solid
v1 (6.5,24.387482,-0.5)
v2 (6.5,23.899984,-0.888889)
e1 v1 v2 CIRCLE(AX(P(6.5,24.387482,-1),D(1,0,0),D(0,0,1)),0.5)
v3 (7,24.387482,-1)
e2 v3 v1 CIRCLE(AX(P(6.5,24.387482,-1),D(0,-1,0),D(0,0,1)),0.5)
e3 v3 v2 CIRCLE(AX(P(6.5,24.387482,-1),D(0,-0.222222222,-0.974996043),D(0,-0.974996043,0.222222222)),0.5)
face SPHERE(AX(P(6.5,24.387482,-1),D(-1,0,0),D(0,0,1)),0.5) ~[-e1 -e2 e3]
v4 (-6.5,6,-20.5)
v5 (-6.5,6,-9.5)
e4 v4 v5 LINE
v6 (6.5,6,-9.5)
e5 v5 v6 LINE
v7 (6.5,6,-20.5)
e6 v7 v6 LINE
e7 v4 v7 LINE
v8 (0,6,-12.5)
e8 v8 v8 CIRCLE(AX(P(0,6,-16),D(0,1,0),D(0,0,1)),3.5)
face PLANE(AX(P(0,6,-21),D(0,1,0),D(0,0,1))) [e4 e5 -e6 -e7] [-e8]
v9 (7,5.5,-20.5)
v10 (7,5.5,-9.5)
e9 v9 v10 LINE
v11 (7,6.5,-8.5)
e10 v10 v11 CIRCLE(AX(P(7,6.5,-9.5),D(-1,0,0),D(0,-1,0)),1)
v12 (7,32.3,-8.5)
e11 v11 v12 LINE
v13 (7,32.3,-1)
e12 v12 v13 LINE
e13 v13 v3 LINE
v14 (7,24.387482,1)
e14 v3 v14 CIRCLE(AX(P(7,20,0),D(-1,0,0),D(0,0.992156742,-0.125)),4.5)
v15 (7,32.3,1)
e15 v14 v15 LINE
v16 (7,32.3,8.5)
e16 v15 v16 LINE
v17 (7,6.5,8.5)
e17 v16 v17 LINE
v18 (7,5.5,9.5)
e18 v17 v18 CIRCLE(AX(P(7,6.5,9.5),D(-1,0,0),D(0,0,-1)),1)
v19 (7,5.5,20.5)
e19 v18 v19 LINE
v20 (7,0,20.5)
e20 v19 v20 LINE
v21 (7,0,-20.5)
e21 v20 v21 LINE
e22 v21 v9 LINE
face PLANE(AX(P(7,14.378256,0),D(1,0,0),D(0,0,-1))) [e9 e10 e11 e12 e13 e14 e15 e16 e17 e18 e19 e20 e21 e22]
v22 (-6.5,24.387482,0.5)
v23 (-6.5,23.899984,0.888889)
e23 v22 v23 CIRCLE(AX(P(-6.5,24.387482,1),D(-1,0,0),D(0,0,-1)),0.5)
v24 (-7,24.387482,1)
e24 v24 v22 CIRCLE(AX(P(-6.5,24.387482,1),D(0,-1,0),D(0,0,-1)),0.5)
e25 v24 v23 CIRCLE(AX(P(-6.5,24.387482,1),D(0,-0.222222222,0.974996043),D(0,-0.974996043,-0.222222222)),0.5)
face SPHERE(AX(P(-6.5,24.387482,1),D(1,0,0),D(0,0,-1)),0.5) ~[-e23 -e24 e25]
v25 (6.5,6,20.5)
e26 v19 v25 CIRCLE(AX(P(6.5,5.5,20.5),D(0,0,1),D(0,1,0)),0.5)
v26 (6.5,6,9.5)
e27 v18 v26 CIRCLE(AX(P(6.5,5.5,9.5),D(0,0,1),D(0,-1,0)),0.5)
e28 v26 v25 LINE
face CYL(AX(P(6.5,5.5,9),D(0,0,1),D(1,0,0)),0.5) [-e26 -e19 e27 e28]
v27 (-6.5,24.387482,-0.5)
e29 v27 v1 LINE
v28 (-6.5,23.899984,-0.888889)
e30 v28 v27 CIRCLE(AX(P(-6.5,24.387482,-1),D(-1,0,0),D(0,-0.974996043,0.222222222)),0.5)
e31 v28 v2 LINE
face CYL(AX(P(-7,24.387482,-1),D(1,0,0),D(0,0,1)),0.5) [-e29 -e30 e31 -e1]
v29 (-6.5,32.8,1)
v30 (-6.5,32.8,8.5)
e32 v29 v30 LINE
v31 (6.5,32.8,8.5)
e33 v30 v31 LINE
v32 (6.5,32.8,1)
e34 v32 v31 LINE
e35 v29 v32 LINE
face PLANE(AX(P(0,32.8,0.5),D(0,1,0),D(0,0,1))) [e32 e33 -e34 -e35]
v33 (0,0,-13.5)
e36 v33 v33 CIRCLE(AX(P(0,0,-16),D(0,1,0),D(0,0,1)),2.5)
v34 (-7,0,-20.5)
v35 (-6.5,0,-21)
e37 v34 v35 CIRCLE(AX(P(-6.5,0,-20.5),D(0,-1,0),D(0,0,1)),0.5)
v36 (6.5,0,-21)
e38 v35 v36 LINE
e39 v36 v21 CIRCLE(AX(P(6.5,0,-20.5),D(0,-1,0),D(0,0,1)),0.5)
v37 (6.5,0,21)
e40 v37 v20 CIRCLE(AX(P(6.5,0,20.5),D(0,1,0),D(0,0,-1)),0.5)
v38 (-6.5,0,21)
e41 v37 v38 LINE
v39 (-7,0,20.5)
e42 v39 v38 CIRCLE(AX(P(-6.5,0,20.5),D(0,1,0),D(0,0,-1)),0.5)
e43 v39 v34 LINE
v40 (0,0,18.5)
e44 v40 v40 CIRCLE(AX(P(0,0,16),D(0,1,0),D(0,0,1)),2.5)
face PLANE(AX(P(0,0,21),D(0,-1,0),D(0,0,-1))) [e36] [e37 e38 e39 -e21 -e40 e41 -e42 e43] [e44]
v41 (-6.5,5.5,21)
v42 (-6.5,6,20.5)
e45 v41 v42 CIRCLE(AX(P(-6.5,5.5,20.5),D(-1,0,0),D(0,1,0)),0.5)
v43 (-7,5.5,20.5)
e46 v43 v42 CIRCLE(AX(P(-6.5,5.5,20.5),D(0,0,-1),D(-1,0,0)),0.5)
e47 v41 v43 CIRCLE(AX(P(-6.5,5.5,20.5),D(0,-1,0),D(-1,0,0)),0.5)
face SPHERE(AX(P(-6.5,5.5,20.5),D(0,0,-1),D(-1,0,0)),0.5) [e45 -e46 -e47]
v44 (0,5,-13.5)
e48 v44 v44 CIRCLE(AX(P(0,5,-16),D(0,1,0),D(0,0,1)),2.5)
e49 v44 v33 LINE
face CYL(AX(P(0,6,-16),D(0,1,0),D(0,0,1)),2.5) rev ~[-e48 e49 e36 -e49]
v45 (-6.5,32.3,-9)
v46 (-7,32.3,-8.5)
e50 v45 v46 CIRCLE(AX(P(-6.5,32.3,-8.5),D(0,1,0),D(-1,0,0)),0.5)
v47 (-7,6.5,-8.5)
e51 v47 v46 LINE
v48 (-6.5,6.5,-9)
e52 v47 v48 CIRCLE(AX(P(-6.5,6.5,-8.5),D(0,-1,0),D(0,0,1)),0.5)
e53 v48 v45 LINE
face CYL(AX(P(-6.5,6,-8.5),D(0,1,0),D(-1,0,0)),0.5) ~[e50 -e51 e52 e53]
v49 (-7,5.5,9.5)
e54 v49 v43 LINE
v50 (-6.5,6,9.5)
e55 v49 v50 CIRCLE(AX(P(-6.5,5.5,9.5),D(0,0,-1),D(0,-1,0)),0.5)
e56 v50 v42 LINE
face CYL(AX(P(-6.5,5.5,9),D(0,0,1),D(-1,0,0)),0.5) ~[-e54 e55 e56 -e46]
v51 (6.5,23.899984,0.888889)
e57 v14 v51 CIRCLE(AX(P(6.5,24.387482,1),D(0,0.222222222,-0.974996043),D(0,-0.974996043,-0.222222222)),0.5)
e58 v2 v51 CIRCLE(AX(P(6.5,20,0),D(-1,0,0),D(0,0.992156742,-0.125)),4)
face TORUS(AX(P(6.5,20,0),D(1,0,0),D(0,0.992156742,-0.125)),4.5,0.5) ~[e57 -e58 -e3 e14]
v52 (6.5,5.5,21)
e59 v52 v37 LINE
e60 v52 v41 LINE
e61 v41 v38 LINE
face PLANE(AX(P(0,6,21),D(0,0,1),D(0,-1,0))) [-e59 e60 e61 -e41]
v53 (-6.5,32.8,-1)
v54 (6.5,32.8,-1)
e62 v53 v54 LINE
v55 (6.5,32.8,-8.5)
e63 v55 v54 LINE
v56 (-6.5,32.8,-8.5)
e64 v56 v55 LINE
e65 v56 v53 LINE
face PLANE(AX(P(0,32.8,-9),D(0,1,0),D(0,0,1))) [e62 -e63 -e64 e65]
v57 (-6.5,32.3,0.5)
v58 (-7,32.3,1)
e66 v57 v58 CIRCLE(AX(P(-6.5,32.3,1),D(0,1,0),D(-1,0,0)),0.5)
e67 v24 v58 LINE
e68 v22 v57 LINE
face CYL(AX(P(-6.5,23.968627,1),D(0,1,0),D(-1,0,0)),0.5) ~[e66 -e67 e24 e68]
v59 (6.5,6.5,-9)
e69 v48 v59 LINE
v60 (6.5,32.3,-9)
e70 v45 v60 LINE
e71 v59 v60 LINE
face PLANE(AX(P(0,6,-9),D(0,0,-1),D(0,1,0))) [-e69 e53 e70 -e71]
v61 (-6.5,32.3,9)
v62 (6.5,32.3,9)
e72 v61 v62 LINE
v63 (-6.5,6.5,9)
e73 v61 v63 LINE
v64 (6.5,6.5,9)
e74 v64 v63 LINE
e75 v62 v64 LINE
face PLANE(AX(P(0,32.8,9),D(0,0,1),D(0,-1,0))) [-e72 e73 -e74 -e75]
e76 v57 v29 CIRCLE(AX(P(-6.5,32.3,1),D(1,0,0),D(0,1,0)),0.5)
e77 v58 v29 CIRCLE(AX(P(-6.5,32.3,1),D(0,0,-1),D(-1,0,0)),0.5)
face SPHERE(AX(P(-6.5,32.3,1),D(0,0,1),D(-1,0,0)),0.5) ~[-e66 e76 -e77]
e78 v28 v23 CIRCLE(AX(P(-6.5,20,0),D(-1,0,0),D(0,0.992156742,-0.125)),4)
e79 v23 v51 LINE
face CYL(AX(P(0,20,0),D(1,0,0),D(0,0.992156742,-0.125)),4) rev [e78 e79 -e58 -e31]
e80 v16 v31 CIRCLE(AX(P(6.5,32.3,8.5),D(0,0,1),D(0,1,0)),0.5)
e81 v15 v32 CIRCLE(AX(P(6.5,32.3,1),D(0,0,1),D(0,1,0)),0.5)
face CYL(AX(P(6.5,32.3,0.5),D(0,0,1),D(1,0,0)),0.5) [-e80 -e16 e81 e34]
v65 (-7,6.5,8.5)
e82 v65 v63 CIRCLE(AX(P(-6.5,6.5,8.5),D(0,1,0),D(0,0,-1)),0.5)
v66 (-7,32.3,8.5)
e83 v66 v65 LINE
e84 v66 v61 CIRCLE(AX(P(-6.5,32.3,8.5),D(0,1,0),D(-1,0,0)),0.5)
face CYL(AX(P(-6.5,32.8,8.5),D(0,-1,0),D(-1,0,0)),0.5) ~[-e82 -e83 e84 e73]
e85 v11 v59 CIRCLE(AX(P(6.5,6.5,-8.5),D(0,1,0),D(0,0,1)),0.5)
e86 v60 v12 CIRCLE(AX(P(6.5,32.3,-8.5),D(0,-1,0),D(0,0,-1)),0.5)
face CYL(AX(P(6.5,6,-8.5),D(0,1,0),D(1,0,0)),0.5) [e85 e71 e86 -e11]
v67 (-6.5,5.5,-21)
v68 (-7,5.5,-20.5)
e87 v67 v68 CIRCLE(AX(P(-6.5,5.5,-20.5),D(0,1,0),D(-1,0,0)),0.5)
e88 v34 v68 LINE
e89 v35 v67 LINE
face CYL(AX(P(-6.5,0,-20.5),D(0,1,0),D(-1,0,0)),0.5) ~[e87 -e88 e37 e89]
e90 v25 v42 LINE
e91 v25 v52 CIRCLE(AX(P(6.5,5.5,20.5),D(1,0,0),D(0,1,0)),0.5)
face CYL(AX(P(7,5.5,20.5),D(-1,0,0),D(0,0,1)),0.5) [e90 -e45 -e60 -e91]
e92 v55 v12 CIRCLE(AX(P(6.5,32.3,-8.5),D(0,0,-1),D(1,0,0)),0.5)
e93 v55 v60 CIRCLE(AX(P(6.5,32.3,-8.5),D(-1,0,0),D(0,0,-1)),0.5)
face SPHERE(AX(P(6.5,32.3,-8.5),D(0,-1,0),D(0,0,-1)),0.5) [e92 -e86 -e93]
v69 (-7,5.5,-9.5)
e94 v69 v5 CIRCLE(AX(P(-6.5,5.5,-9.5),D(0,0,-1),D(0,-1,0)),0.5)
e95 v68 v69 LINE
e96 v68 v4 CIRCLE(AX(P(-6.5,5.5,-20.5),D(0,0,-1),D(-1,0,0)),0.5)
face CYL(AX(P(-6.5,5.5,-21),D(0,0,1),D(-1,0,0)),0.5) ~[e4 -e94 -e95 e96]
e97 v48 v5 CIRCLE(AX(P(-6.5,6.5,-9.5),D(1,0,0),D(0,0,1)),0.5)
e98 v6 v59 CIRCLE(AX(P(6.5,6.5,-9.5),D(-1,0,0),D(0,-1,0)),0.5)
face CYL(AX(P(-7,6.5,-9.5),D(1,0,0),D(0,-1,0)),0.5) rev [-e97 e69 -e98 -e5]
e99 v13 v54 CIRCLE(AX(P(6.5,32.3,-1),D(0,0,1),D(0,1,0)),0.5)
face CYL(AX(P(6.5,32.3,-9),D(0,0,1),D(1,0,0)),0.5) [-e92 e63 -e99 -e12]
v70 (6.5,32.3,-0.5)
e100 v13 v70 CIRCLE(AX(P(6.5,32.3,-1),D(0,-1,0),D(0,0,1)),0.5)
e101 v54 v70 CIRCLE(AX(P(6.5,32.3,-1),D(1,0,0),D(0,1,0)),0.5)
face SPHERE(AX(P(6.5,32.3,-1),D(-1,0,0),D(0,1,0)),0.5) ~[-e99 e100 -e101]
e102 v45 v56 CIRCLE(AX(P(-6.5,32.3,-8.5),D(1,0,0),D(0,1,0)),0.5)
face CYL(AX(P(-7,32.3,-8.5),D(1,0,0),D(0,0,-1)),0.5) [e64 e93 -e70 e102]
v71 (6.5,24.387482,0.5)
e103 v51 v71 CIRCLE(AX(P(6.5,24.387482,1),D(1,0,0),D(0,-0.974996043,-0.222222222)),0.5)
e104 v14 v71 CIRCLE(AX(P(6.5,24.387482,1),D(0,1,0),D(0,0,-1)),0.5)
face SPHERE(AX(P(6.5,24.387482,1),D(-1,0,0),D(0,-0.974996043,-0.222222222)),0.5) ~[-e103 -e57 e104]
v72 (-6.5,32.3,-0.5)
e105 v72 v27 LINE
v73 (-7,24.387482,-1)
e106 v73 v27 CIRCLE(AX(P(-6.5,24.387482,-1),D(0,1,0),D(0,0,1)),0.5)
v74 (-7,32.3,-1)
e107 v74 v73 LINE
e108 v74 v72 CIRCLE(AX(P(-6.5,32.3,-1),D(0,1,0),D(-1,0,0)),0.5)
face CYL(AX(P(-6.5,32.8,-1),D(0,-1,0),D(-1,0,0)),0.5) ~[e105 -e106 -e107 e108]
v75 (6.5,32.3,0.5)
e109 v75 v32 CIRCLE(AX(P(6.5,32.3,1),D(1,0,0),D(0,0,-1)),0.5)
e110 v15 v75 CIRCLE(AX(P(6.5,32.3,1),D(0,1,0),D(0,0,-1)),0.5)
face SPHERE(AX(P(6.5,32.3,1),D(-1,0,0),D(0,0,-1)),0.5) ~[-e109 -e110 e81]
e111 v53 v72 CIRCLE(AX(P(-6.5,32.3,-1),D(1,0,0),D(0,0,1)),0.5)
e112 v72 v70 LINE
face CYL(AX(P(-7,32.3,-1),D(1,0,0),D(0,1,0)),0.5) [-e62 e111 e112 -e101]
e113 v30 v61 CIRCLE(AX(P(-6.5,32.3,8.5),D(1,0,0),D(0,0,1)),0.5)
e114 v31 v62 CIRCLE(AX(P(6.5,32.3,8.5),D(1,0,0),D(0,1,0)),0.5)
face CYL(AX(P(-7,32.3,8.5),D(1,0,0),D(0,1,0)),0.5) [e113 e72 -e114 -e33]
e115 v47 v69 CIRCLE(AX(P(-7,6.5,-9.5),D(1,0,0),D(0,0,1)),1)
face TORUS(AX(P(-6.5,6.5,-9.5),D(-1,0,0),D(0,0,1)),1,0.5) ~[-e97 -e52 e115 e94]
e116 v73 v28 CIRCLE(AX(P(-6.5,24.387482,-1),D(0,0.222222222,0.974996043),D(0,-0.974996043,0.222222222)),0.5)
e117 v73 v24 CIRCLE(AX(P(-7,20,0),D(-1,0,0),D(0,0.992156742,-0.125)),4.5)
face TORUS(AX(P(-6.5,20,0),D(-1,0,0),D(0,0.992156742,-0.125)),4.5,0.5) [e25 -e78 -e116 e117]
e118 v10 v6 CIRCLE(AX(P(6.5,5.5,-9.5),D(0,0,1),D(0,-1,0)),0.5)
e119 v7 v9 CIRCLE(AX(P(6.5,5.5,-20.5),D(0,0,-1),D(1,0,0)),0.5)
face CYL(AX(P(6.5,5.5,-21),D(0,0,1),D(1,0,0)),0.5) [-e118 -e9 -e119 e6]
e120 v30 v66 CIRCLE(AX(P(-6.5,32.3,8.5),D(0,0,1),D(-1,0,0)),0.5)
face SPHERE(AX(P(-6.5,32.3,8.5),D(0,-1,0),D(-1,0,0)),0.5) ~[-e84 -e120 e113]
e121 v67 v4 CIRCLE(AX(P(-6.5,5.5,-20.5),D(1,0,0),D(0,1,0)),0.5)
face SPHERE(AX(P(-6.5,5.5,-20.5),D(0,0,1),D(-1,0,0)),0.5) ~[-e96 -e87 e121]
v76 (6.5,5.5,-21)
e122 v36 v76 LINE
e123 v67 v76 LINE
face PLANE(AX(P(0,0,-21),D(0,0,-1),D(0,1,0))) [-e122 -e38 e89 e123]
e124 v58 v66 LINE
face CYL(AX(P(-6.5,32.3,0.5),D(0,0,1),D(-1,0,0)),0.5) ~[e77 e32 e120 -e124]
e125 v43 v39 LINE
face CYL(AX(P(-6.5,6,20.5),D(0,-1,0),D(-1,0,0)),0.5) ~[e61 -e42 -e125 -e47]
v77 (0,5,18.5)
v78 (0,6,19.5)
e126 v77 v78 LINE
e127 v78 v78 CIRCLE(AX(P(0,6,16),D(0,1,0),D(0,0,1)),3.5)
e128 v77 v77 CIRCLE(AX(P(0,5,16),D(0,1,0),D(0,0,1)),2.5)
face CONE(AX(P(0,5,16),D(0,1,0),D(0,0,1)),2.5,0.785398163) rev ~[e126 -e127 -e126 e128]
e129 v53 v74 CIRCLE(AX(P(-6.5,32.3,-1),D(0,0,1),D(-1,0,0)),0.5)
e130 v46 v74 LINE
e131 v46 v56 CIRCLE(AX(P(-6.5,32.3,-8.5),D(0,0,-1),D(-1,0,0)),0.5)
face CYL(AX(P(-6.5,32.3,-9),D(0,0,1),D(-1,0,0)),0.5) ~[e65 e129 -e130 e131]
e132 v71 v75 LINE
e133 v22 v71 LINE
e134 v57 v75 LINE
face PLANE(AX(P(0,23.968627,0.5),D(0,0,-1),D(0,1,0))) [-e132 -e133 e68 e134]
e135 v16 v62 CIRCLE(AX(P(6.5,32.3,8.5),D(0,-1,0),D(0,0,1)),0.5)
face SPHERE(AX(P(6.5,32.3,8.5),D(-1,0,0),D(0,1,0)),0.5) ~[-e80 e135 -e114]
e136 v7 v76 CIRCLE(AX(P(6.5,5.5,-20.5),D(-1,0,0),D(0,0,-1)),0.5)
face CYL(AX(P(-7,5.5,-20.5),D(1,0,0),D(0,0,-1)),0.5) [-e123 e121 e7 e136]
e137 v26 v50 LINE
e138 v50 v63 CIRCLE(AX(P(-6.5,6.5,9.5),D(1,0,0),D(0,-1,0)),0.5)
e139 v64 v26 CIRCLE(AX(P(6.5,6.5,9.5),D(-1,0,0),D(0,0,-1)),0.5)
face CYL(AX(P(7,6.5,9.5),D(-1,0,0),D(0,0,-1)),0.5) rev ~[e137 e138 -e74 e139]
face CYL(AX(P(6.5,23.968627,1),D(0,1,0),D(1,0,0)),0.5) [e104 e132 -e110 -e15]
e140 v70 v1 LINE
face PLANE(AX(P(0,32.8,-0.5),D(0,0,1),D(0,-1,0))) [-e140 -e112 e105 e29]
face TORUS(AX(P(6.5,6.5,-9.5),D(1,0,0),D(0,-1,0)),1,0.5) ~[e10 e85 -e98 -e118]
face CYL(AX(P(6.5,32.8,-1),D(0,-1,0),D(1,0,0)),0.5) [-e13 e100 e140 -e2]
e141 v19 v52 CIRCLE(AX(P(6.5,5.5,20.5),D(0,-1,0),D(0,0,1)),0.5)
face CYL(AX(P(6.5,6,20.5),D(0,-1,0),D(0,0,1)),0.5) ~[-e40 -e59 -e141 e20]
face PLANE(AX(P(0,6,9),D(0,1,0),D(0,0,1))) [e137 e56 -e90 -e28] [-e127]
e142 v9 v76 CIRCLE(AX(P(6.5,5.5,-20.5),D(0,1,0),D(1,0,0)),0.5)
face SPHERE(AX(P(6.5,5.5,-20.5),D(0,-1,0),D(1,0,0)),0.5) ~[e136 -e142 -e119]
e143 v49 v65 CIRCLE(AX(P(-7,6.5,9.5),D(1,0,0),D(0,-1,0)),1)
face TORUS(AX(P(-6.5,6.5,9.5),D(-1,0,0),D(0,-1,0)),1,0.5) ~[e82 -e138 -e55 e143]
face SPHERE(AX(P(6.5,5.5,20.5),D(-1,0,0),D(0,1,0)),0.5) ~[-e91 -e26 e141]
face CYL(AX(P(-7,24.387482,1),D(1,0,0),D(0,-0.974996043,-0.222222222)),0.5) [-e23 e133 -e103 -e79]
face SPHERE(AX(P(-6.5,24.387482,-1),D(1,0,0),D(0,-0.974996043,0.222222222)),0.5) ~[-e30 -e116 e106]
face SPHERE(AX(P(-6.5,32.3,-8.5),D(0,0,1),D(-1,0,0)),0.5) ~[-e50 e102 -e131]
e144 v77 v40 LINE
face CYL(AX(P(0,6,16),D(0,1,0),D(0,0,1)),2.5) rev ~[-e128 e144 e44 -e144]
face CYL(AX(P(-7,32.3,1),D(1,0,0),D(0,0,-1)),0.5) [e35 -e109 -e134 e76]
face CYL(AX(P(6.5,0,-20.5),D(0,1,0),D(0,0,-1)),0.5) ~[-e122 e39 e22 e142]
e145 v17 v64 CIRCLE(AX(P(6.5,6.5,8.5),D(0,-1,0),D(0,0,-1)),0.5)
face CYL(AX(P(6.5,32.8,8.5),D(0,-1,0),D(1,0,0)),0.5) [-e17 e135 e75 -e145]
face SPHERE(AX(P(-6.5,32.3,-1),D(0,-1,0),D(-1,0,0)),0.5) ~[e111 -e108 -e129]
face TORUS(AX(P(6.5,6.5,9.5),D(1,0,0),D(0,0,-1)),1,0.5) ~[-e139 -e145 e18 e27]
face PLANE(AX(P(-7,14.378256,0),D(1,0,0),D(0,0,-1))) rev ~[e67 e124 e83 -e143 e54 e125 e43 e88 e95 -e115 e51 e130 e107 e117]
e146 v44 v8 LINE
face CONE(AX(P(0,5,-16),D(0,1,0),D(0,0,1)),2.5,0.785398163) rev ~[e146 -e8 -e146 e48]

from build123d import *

# Parameters (mm, degrees)
BOSS_EXTRUDE1_DEPTH = 7
SKETCH3_R           = 2.5
CUT_EXTRUDE1_DEPTH  = 6
FILLET2_R           = 0.5
CHAMFER1_SIZE       = 1


with BuildPart() as part:
    # Sketch1 → Boss-Extrude1 (new, symmetric)
    with BuildSketch(Plane(origin=(0, 0, 0), x_dir=(0, 0, -1), z_dir=(1, 0, 0))):
        with BuildLine():
            Line((-21, 0), (21, 0))
            Line((21, 0), (21, 6))
            Line((21, 6), (9, 6))
            Line((9, 6), (9, 32.8))
            Line((9, 32.8), (0.5, 32.8))
            Line((0.5, 32.8), (0.5, 23.968626967))
            ThreePointArc((0.5, 23.968626967), (0, 16), (-0.5, 23.968626967))
            Line((-0.5, 23.968626967), (-0.5, 32.8))
            Line((-0.5, 32.8), (-9, 32.8))
            Line((-9, 32.8), (-9, 6))
            Line((-9, 6), (-21, 6))
            Line((-21, 6), (-21, 0))
        make_face()
    extrude(amount=BOSS_EXTRUDE1_DEPTH, both=True)

    # Sketch3 → Cut-Extrude1 (cut)
    with BuildSketch(Plane(origin=(0, 6, 0), x_dir=(1, 0, 0), z_dir=(0, 1, 0))):
        with Locations(Location((0, 16, 0), (0, 0, 270))):
            Circle(SKETCH3_R)
        with Locations(Location((0, -16, 0), (0, 0, 270))):
            Circle(SKETCH3_R)
    extrude(amount=-CUT_EXTRUDE1_DEPTH, mode=Mode.SUBTRACT)

    # Fillet2
    fillet2_edges = [part.edges().sort_by_distance(p)[0] for p in [
        (-7, 6, 15),
        (-7, 19.4, 9),
        (7, 3, -21),
        (-7, 32.8, 4.75),
        (-7, 28.384313483, 0.5),
        (-7, 16, 0),
        (-7, 28.384313483, -0.5),
        (-7, 32.8, -4.75),
        (-7, 19.4, -9),
        (-7, 6, -15),
        (-7, 3, -21),
        (-7, 3, 21),
        (7, 6, -15),
        (0, 6, 21),
        (0, 6, 9),
        (0, 32.8, 9),
        (7, 19.4, -9),
        (0, 32.8, 0.5),
        (0, 23.968626967, 0.5),
        (0, 23.968626967, -0.5),
        (0, 32.8, -0.5),
        (0, 32.8, -9),
        (0, 6, -9),
        (0, 6, -21),
        (7, 32.8, -4.75),
        (7, 28.384313483, -0.5),
        (7, 16, 0),
        (7, 28.384313483, 0.5),
        (7, 32.8, 4.75),
        (7, 19.4, 9),
        (7, 6, 15),
        (7, 3, 21),
    ]]
    fillet(fillet2_edges, radius=FILLET2_R)

    # Chamfer1
    chamfer1_edges = [part.edges().sort_by_distance(p)[0] for p in [
        (0, 6, -18.5),
        (0, 6, 13.5),
    ]]
    chamfer(chamfer1_edges, length=CHAMFER1_SIZE)


solid = part.part
